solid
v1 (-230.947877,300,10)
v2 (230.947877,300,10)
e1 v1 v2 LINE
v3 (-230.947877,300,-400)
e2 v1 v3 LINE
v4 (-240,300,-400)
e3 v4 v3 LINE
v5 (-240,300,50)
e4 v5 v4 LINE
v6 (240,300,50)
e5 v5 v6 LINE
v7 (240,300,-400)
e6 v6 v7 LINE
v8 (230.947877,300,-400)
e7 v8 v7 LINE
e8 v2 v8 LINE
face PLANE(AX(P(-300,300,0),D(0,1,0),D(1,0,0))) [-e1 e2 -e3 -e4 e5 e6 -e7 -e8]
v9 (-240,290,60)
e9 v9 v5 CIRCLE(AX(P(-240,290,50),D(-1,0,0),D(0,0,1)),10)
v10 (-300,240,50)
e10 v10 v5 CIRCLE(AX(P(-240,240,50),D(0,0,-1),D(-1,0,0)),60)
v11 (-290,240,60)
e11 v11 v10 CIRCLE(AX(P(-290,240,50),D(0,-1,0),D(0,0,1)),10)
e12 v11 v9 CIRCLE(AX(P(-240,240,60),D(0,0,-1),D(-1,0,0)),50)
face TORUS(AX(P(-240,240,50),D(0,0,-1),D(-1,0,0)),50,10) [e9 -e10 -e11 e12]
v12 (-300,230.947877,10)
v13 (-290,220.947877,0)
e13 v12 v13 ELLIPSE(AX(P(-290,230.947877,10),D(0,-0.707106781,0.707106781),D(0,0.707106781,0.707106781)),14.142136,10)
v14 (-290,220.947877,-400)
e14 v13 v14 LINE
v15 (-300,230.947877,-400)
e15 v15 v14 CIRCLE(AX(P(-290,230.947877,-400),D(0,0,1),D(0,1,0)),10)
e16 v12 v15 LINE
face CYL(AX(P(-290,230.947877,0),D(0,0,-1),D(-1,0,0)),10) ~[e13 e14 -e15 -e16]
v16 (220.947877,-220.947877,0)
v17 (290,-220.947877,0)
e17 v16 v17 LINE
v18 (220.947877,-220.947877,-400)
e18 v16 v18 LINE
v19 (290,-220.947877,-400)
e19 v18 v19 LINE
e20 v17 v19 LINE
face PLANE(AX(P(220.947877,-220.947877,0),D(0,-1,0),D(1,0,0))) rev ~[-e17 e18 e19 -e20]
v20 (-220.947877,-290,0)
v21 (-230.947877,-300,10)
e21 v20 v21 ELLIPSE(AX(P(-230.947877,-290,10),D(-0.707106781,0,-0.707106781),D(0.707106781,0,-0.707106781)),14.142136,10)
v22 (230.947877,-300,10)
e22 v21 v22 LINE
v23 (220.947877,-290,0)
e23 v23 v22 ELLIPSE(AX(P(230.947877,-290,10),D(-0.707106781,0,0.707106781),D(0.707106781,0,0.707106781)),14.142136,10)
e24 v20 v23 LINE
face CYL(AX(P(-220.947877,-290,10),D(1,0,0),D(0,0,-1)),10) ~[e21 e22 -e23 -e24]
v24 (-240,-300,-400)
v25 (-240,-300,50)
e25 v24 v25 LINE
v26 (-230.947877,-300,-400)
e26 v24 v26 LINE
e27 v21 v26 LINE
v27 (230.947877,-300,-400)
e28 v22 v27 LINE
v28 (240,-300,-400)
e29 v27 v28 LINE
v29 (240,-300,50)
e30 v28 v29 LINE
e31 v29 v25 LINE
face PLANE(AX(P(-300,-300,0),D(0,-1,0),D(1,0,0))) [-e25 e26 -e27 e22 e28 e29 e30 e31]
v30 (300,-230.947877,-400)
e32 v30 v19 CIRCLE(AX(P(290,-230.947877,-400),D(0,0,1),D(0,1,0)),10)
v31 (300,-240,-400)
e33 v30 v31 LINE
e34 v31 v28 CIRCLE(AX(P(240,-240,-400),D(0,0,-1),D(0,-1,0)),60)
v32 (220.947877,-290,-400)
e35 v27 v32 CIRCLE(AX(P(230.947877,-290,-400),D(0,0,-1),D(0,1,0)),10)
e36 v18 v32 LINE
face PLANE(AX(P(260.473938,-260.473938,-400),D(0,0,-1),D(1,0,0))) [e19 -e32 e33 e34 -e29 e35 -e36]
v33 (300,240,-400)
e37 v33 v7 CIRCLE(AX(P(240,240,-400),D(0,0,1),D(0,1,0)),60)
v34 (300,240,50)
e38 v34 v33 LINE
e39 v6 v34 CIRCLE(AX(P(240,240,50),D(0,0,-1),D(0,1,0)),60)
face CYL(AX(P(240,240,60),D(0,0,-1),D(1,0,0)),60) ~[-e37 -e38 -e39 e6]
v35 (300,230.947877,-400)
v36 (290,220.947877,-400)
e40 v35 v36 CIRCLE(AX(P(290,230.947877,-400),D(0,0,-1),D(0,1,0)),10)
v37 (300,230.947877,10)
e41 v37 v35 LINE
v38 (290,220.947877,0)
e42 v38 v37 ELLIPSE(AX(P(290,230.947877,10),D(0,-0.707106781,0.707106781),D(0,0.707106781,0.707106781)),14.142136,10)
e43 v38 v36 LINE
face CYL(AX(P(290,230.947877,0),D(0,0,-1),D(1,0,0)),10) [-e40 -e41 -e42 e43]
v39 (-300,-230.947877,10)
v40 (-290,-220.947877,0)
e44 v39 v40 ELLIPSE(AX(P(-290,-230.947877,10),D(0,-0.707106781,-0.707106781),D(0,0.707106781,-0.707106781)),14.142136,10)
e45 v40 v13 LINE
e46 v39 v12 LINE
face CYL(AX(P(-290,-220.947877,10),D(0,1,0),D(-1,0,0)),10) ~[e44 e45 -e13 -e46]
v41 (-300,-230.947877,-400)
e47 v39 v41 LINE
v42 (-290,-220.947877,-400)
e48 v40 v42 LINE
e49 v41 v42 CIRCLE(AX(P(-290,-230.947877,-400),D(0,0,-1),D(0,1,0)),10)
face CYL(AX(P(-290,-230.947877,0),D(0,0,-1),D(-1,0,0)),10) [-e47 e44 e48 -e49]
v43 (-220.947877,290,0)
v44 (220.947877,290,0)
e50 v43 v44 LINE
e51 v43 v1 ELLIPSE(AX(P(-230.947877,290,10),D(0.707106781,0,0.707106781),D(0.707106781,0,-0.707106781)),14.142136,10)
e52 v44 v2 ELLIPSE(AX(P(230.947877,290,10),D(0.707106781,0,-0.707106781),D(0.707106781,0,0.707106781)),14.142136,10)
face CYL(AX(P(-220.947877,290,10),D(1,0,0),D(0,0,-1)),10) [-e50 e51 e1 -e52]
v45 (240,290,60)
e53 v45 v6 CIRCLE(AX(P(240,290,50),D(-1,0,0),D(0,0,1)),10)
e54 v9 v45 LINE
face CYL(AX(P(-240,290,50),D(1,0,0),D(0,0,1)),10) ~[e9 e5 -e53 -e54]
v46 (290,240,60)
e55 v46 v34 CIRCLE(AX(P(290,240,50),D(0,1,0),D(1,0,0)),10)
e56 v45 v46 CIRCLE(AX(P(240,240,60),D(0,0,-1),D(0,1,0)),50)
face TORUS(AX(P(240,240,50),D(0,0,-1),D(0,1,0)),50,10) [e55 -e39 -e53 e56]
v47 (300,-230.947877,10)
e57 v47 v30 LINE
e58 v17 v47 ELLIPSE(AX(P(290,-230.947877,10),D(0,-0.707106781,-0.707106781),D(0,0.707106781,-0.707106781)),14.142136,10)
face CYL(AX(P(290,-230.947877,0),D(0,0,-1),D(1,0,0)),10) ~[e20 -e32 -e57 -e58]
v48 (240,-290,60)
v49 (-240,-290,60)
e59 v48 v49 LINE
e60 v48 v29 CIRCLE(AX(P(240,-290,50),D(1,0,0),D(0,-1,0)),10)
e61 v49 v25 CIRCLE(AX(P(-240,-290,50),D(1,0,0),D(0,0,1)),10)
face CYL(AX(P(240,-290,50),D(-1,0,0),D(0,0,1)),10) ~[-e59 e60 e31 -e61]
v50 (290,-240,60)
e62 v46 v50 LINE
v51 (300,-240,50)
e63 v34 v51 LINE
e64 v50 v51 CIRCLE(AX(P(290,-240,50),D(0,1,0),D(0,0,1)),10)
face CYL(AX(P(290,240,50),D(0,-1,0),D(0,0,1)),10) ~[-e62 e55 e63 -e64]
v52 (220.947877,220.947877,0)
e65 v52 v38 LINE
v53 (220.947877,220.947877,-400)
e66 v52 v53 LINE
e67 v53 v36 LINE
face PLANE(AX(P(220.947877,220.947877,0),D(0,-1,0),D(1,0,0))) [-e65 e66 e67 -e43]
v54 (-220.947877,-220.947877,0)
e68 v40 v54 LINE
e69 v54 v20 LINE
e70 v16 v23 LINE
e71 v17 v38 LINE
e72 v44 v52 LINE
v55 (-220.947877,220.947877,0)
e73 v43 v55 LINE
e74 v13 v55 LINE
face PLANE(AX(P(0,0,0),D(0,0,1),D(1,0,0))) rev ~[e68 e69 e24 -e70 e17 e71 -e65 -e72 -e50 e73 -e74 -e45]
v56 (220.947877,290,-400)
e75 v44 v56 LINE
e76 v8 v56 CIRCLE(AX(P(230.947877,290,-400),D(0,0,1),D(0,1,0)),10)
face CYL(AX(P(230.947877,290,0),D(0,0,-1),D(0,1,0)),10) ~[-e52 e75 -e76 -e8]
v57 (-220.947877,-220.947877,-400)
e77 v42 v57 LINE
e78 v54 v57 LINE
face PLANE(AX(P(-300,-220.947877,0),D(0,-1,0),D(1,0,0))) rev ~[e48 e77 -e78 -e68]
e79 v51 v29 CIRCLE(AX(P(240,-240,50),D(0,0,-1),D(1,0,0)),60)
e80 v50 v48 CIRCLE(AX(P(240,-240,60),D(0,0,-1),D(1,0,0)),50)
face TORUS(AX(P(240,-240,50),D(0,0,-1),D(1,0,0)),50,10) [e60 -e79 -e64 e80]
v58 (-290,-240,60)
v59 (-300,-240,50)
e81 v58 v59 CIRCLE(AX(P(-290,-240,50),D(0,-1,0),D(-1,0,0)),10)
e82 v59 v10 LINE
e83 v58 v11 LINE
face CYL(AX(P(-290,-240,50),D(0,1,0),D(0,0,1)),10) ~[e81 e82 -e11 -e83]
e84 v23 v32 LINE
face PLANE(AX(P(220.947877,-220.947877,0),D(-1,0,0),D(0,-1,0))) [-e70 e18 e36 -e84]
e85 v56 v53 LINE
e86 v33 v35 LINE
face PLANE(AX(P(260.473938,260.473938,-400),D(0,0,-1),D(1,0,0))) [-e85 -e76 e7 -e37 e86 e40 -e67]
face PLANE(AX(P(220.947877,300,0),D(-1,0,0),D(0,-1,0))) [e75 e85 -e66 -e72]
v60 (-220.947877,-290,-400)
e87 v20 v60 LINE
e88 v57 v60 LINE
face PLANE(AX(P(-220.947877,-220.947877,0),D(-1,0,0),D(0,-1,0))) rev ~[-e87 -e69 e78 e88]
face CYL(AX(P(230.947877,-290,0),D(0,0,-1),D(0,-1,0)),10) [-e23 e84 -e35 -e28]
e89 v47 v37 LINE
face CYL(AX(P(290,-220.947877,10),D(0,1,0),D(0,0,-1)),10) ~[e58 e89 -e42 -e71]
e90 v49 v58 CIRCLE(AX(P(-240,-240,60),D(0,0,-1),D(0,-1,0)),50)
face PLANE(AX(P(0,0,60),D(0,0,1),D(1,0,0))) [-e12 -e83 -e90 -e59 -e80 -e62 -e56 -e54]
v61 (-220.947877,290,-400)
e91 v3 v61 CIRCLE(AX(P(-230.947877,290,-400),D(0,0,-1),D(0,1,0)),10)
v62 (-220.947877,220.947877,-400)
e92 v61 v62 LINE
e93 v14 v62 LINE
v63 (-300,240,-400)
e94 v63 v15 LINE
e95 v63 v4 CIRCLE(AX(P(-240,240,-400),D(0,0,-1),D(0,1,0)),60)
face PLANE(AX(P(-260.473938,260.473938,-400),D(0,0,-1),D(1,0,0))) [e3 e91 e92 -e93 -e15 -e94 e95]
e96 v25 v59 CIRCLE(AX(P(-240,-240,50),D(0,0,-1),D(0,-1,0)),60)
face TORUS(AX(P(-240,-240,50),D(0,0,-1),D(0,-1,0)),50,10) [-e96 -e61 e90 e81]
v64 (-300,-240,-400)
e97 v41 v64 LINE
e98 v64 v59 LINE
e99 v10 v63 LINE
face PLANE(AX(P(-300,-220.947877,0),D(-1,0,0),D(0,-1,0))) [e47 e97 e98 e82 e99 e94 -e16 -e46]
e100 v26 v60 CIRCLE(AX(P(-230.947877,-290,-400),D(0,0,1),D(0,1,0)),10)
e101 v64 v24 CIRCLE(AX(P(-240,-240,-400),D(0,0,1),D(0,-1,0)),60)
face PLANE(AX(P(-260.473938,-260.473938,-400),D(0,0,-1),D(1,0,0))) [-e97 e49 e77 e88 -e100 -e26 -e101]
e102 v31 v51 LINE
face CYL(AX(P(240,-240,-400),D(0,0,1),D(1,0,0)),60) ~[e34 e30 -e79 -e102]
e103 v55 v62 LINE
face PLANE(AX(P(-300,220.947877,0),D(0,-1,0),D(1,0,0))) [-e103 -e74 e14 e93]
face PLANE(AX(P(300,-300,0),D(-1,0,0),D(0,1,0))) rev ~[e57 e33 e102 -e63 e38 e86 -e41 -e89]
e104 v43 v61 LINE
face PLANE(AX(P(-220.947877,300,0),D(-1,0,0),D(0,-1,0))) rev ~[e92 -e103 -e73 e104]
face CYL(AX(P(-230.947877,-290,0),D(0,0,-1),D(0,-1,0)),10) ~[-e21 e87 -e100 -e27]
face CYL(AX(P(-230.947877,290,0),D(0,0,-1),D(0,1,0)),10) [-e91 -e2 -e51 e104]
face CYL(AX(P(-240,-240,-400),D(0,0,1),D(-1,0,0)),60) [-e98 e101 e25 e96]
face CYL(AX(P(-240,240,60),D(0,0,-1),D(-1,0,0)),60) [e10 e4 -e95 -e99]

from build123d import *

# Parameters (mm, degrees)
F0_W     = 600
F0_H     = 600
F1_DEPTH = 60
F2_W     = 79.0521234274
F2_H     = 79.0521234274
F3_DEPTH = 400
F4_R     = 60
F5_R     = 10


with BuildPart() as f1:
    # F0 (on Top) → F1 (new body)
    with BuildSketch(Plane.XY):
        Rectangle(F0_W, F0_H)
    extrude(amount=F1_DEPTH)

    # F2 (on face) → F3 (join)
    with BuildSketch(Plane(origin=(0, 0, 0), x_dir=(1, 0, 0), z_dir=(0, 0, -1))):
        with Locations((-260.4739382863, 260.4739382863)):
            Rectangle(F2_W, F2_H)
        with Locations((260.4739382863, 260.4739382863)):
            Rectangle(F2_W, F2_H)
        with Locations((-260.4739382863, -260.4739382863)):
            Rectangle(F2_W, F2_H)
        with Locations((260.4739382863, -260.4739382863)):
            Rectangle(F2_W, F2_H)
    extrude(amount=F3_DEPTH)

    # F4
    f4_edges = [f1.edges().sort_by_distance(p)[0] for p in [
        (-300, -300, -170),
        (-300, 300, -170),
        (300, 300, -170),
        (300, -300, -170),
    ]]
    fillet(f4_edges, radius=F4_R)

    # F5
    f5_edges = [f1.edges().sort_by_distance(p)[0] for p in [
        (0, 300, 60),
        (0, 300, 0),
        (220.947877, 300, -200),
        (-220.947877, 300, -200),
        (-300, 0, 0),
        (-300, 220.947877, -200),
        (-300, -220.947877, -200),
        (0, -300, 0),
        (-220.947877, -300, -200),
        (220.947877, -300, -200),
        (300, 0, 0),
        (300, -220.947877, -200),
        (300, 220.947877, -200),
    ]]
    fillet(f5_edges, radius=F5_R)


solid = f1.part
